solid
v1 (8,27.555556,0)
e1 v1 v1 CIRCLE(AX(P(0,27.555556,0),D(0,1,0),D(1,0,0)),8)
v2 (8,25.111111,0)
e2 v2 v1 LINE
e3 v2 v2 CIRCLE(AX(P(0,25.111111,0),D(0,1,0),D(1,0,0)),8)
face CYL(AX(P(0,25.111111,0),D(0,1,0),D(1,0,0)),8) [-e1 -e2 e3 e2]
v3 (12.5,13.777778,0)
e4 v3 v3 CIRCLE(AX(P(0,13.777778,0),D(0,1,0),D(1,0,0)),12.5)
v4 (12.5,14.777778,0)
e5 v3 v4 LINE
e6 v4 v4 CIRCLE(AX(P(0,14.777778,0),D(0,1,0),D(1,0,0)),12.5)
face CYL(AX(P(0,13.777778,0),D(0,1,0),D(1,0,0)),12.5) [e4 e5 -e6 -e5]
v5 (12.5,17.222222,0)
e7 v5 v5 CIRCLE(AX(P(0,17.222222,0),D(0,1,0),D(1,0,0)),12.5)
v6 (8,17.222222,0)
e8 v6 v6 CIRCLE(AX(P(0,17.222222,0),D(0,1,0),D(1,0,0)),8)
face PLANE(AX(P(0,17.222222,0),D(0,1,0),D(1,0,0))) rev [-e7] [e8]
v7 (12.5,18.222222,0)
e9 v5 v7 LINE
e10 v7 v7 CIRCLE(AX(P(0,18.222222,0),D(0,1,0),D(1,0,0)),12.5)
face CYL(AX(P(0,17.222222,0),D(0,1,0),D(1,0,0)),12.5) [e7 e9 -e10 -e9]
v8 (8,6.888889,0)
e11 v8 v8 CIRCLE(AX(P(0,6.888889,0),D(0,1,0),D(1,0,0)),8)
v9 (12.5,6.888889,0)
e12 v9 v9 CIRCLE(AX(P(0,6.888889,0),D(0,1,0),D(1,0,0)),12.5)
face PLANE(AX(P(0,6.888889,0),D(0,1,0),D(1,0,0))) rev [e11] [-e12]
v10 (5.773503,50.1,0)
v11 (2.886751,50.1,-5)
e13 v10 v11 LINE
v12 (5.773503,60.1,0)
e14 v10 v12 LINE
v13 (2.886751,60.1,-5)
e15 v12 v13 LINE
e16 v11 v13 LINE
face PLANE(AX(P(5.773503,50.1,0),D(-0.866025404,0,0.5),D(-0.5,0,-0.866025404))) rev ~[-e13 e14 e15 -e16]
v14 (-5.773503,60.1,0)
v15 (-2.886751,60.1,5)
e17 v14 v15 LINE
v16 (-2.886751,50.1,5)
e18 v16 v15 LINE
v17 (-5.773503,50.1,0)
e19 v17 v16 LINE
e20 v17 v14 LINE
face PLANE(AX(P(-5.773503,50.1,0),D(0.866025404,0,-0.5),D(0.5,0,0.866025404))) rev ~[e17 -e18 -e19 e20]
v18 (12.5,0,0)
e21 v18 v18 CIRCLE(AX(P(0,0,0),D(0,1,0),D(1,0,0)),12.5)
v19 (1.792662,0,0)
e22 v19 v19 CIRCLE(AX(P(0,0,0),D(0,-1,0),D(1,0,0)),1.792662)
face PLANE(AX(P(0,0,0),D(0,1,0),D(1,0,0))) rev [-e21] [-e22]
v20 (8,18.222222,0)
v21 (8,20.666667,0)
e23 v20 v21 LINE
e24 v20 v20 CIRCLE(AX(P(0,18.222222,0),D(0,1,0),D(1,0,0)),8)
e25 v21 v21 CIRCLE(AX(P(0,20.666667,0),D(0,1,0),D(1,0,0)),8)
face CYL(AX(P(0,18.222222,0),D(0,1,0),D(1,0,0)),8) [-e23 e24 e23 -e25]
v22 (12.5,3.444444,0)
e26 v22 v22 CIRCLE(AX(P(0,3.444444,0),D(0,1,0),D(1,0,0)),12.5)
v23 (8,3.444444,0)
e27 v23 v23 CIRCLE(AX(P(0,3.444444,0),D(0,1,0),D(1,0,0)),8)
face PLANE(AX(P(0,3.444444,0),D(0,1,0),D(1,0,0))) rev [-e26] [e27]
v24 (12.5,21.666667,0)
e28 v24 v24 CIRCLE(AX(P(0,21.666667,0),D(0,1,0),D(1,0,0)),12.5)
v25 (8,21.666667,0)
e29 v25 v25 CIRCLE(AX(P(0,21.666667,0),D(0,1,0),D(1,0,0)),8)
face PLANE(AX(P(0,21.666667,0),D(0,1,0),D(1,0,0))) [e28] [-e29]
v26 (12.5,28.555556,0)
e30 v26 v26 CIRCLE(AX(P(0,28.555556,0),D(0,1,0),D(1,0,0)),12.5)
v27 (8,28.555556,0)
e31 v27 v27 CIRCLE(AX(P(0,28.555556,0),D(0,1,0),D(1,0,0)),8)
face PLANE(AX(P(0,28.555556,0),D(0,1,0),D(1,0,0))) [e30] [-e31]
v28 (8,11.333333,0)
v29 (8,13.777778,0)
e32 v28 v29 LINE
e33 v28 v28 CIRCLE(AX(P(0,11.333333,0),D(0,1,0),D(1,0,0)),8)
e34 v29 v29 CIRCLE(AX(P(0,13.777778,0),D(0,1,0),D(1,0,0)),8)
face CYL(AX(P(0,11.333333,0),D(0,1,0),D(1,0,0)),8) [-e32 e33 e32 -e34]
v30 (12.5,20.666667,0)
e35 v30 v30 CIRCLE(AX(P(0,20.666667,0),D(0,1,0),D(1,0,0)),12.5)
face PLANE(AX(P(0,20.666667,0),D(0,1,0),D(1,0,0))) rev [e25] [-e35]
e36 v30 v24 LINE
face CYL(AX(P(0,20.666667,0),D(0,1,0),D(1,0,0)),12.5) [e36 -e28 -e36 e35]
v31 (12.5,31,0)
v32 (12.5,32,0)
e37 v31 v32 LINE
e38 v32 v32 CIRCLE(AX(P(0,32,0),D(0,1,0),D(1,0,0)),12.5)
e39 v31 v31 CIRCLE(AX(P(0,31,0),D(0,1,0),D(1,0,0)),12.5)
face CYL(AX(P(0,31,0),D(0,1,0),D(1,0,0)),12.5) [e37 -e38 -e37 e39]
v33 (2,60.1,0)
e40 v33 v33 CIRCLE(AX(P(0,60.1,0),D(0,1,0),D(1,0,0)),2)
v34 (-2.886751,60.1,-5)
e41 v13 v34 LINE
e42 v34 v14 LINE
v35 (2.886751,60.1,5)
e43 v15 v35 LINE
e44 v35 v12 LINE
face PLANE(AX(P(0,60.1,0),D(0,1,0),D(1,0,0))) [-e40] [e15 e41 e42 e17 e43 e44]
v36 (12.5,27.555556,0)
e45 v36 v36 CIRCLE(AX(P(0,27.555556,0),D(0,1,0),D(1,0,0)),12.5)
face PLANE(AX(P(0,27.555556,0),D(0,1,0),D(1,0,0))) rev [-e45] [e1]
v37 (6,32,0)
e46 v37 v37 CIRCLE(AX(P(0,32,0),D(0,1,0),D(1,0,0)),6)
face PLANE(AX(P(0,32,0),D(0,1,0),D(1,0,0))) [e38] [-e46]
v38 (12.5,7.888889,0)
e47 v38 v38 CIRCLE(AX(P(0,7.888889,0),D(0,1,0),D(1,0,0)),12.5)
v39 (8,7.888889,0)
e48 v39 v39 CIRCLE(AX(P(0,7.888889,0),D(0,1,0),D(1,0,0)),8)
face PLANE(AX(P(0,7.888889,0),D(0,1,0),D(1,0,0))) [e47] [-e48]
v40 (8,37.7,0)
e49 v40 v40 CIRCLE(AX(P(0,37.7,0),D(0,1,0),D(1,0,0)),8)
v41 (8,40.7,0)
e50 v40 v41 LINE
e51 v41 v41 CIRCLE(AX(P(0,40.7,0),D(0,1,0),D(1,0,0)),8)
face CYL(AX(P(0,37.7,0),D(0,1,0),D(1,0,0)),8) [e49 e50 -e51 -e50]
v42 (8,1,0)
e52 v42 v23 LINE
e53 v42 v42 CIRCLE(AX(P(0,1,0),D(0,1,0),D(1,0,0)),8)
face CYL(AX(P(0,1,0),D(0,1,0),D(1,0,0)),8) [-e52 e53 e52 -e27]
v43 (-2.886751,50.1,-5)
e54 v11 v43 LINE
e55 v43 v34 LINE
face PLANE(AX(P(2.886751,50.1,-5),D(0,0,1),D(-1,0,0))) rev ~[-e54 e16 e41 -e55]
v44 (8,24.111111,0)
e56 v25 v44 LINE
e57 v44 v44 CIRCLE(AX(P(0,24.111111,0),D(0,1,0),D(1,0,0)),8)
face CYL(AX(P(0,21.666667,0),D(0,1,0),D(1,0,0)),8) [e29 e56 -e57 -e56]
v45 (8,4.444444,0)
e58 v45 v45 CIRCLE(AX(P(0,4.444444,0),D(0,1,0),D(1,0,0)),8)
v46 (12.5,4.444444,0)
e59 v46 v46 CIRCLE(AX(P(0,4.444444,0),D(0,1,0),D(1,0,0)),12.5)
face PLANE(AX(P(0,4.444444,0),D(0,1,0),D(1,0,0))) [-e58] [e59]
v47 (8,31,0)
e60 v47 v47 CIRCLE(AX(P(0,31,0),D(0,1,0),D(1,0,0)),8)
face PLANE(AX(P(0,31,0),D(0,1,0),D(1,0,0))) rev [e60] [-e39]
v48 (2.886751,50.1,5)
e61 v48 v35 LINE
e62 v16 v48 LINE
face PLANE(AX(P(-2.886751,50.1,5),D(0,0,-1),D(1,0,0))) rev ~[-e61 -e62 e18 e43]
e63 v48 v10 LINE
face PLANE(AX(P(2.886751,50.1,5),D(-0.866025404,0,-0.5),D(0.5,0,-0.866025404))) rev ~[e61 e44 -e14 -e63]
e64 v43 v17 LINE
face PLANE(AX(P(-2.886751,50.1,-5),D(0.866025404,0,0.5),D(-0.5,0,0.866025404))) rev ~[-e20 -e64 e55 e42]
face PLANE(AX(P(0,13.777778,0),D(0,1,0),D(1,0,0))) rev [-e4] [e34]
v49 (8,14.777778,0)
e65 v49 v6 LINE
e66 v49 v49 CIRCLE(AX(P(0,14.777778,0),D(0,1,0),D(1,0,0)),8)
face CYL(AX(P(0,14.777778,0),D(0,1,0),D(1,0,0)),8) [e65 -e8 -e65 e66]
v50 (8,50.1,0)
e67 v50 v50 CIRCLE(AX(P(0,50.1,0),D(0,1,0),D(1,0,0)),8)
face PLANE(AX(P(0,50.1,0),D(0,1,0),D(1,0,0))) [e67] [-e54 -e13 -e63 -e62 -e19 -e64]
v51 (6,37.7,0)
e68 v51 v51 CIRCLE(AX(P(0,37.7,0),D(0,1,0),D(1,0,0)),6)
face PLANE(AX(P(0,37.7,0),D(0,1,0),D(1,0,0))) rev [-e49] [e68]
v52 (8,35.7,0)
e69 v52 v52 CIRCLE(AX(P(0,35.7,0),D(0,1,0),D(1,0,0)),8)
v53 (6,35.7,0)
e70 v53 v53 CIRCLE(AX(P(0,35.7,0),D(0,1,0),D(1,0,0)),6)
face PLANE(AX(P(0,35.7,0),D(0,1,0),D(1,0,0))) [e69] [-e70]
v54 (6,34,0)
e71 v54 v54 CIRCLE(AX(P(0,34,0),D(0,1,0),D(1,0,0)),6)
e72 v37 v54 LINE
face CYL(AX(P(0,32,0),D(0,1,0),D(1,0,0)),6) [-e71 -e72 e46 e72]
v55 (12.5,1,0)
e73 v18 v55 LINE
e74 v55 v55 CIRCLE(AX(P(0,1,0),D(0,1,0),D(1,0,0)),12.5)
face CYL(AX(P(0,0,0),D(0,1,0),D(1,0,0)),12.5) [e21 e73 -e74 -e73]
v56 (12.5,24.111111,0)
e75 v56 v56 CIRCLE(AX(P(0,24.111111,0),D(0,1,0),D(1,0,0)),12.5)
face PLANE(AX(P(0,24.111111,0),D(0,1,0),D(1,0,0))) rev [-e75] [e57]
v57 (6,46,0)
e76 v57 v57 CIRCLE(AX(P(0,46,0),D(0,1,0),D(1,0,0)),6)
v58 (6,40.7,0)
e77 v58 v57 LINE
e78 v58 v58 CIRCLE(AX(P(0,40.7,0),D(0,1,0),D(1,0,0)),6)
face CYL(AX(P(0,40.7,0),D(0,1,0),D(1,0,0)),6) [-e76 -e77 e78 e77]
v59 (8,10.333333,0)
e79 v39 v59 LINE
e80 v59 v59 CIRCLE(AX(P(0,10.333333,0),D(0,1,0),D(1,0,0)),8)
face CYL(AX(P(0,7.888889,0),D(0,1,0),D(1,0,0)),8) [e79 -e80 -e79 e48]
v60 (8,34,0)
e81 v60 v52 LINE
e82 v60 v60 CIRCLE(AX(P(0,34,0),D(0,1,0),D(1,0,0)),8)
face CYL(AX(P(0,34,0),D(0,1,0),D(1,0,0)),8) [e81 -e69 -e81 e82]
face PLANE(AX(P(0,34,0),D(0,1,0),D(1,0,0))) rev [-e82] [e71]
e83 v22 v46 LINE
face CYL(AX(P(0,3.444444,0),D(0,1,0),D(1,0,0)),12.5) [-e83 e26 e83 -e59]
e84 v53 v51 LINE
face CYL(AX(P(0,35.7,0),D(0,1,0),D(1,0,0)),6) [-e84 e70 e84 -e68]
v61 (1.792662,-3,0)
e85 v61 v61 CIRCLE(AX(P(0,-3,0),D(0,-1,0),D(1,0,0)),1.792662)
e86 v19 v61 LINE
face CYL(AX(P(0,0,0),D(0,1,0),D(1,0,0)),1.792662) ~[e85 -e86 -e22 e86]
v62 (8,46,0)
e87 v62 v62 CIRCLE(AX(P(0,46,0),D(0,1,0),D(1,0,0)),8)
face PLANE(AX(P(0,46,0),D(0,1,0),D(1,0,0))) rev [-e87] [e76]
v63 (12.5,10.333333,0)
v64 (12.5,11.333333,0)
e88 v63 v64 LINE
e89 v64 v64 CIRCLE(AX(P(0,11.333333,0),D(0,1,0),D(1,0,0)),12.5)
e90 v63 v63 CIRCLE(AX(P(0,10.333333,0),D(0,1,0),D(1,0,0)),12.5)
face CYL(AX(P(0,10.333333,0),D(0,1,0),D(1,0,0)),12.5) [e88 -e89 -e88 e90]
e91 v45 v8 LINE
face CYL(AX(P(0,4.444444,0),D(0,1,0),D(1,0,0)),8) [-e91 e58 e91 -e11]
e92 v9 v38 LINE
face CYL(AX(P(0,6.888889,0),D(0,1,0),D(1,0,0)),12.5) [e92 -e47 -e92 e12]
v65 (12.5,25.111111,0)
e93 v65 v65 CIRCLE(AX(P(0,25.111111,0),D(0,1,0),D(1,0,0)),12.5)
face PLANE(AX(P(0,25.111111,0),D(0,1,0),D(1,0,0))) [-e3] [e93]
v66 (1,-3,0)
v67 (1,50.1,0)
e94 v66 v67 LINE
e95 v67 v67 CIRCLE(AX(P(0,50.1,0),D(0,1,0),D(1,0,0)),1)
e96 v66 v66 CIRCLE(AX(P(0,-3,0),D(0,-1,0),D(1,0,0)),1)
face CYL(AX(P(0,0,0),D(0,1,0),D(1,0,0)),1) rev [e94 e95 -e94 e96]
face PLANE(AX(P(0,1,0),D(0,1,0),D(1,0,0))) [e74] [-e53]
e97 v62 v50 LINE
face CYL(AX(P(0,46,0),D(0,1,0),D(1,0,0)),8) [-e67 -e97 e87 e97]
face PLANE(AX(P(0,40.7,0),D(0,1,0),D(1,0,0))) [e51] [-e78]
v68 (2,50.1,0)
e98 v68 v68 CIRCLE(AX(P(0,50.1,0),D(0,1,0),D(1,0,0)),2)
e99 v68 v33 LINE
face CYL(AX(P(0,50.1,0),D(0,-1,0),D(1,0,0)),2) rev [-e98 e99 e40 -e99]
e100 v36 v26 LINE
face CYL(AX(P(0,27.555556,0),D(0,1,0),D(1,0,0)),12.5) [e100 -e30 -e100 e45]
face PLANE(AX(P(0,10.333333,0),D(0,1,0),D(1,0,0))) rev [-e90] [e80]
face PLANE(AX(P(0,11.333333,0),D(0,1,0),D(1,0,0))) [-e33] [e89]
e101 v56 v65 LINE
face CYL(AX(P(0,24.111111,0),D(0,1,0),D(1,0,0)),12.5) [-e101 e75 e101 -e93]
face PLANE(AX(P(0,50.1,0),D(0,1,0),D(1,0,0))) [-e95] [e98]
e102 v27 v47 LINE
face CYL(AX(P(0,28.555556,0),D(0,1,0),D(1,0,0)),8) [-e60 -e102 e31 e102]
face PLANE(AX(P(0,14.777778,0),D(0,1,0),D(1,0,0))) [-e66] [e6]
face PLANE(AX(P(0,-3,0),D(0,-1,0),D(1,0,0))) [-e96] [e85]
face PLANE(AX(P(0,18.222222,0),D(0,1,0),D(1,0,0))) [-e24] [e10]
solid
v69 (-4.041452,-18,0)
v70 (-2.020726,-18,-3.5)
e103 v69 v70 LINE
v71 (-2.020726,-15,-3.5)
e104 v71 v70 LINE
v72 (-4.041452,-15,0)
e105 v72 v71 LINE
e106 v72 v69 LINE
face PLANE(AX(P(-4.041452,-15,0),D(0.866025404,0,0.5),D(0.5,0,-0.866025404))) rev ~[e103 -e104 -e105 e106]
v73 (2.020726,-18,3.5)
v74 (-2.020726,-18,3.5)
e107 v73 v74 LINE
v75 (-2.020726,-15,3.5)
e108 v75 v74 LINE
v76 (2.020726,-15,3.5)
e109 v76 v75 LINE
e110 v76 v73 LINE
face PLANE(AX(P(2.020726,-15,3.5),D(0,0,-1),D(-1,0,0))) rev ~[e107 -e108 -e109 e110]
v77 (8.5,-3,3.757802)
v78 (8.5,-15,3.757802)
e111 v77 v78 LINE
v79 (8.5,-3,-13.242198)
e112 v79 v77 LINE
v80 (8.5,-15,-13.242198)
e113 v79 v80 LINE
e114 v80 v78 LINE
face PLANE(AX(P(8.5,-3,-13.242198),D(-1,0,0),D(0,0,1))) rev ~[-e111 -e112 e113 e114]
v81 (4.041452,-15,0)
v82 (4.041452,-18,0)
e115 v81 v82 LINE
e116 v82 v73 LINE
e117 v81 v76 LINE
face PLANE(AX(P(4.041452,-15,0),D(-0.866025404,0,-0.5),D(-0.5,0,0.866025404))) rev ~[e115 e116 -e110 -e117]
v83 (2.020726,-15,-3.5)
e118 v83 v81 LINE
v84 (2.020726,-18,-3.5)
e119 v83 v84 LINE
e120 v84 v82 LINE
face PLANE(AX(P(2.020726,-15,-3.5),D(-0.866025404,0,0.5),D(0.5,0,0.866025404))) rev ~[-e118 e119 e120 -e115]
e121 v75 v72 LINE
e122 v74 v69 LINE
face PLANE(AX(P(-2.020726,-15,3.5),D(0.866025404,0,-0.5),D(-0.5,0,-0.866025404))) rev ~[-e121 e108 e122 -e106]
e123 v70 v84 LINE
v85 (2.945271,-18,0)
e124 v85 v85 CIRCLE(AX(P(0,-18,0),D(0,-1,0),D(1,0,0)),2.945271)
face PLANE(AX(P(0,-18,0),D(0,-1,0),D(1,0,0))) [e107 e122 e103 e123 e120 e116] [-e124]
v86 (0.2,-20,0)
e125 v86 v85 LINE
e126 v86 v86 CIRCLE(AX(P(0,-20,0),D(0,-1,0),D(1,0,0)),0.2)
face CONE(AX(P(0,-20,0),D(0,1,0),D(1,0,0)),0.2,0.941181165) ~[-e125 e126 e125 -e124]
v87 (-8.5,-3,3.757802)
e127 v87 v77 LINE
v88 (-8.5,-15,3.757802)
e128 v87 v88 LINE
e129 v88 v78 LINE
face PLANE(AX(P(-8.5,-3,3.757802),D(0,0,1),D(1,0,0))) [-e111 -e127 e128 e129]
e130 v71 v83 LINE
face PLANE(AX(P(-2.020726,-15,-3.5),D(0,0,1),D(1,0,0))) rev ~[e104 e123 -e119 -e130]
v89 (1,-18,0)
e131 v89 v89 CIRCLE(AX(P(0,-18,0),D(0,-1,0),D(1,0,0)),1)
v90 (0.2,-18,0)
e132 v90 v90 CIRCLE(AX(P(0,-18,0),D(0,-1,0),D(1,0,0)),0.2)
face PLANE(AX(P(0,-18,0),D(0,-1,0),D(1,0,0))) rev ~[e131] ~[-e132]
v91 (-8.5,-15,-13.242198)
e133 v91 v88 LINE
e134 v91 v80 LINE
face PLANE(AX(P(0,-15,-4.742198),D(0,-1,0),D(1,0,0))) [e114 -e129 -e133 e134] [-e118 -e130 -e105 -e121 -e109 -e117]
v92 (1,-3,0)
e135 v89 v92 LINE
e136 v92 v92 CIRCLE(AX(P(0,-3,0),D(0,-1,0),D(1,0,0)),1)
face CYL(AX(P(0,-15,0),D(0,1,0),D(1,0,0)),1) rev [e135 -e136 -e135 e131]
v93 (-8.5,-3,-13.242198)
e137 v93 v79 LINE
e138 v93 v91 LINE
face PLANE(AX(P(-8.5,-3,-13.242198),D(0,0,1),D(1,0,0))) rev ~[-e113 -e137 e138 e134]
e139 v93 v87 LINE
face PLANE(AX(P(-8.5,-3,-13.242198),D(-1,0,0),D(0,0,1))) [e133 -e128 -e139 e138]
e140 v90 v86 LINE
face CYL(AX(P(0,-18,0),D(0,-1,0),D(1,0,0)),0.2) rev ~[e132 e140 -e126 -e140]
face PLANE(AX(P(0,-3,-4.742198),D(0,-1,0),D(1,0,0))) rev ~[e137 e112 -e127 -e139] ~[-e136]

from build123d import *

# Parameters (mm, degrees)
SKETCH2_R           = 1.792662358
SKETCH2_R_2         = 1
BOSS_EXTRUDE1_DEPTH = 3
SKETCH3_W           = 17
SKETCH3_H           = 17
SKETCH3_R           = 1
BOSS_EXTRUDE2_DEPTH = 12
SKETCH4_R           = 1
BOSS_EXTRUDE3_DEPTH = 3
SKETCH8_R           = 2
BOSS_EXTRUDE4_DEPTH = 10


with BuildPart() as part:
    # Sketch1 → Revolve1 (revolve)
    with BuildSketch(Plane.XY):
        Polygon((1, 0), (12.5, 0), (12.5, 1), (8, 1), (8, 3.444444444), (12.5, 3.444444444), (12.5, 4.444444444), (8, 4.444444444), (8, 6.888888889), (12.5, 6.888888889), (12.5, 7.888888889), (8, 7.888888889), (8, 10.333333333), (12.5, 10.333333333), (12.5, 11.333333333), (8, 11.333333333), (8, 13.777777778), (12.5, 13.777777778), (12.5, 14.777777778), (8, 14.777777778), (8, 17.222222222), (12.5, 17.222222222), (12.5, 18.222222222), (8, 18.222222222), (8, 20.666666667), (12.5, 20.666666667), (12.5, 21.666666667), (8, 21.666666667), (8, 24.111111111), (12.5, 24.111111111), (12.5, 25.111111111), (8, 25.111111111), (8, 27.555555556), (12.5, 27.555555556), (12.5, 28.555555556), (8, 28.555555556), (8, 31), (12.5, 31), (12.5, 32), (6, 32), (6, 34), (8, 34), (8, 35.7), (6, 35.7), (6, 37.7), (8, 37.7), (8, 40.7), (6, 40.7), (6, 46), (8, 46), (8, 50.1), (1, 50.1), align=None)
    revolve(axis=Axis((0, 0, 0), (0, 1, 0)))

    # Sketch2 → Boss-Extrude1 (add)
    with BuildSketch(Plane.XZ):
        Circle(SKETCH2_R)
        Circle(SKETCH2_R_2, mode=Mode.SUBTRACT)
    extrude(amount=BOSS_EXTRUDE1_DEPTH)

    # Sketch8 → Boss-Extrude4 (add)
    with BuildSketch(Plane(origin=(0, 50.1, 0), x_dir=(1, 0, 0), z_dir=(0, 1, 0))):
        Polygon((2.886751346, 5), (-2.886751346, 5), (-5.773502692, 0), (-2.886751346, -5), (2.886751346, -5), (5.773502692, 0), align=None)
        Circle(SKETCH8_R, mode=Mode.SUBTRACT)
    extrude(amount=BOSS_EXTRUDE4_DEPTH)


with BuildPart() as body_2:
    # Sketch3 → Boss-Extrude2 (new body)
    with BuildSketch(Plane.XZ.offset(3)):
        with Locations((0, -4.742198182)):
            Rectangle(SKETCH3_W, SKETCH3_H)
        Circle(SKETCH3_R, mode=Mode.SUBTRACT)
    extrude(amount=BOSS_EXTRUDE2_DEPTH)

    # Sketch4 → Boss-Extrude3 (add)
    with BuildSketch(Plane.XZ.offset(15)):
        Polygon((2.020725942, 3.5), (-2.020725942, 3.5), (-4.041451884, 0), (-2.020725942, -3.5), (2.020725942, -3.5), (4.041451884, 0), align=None)
        Circle(SKETCH4_R, mode=Mode.SUBTRACT)
    extrude(amount=BOSS_EXTRUDE3_DEPTH)

    # Sketch5 → Revolve2 (revolve)
    with BuildSketch(Plane.XY):
        Polygon((0.2, -18), (0.2, -20), (2.945271199, -18), align=None)
    revolve(axis=Axis((0, 0, 0), (0, -1, 0)))


solid = Compound([part.part, body_2.part])
